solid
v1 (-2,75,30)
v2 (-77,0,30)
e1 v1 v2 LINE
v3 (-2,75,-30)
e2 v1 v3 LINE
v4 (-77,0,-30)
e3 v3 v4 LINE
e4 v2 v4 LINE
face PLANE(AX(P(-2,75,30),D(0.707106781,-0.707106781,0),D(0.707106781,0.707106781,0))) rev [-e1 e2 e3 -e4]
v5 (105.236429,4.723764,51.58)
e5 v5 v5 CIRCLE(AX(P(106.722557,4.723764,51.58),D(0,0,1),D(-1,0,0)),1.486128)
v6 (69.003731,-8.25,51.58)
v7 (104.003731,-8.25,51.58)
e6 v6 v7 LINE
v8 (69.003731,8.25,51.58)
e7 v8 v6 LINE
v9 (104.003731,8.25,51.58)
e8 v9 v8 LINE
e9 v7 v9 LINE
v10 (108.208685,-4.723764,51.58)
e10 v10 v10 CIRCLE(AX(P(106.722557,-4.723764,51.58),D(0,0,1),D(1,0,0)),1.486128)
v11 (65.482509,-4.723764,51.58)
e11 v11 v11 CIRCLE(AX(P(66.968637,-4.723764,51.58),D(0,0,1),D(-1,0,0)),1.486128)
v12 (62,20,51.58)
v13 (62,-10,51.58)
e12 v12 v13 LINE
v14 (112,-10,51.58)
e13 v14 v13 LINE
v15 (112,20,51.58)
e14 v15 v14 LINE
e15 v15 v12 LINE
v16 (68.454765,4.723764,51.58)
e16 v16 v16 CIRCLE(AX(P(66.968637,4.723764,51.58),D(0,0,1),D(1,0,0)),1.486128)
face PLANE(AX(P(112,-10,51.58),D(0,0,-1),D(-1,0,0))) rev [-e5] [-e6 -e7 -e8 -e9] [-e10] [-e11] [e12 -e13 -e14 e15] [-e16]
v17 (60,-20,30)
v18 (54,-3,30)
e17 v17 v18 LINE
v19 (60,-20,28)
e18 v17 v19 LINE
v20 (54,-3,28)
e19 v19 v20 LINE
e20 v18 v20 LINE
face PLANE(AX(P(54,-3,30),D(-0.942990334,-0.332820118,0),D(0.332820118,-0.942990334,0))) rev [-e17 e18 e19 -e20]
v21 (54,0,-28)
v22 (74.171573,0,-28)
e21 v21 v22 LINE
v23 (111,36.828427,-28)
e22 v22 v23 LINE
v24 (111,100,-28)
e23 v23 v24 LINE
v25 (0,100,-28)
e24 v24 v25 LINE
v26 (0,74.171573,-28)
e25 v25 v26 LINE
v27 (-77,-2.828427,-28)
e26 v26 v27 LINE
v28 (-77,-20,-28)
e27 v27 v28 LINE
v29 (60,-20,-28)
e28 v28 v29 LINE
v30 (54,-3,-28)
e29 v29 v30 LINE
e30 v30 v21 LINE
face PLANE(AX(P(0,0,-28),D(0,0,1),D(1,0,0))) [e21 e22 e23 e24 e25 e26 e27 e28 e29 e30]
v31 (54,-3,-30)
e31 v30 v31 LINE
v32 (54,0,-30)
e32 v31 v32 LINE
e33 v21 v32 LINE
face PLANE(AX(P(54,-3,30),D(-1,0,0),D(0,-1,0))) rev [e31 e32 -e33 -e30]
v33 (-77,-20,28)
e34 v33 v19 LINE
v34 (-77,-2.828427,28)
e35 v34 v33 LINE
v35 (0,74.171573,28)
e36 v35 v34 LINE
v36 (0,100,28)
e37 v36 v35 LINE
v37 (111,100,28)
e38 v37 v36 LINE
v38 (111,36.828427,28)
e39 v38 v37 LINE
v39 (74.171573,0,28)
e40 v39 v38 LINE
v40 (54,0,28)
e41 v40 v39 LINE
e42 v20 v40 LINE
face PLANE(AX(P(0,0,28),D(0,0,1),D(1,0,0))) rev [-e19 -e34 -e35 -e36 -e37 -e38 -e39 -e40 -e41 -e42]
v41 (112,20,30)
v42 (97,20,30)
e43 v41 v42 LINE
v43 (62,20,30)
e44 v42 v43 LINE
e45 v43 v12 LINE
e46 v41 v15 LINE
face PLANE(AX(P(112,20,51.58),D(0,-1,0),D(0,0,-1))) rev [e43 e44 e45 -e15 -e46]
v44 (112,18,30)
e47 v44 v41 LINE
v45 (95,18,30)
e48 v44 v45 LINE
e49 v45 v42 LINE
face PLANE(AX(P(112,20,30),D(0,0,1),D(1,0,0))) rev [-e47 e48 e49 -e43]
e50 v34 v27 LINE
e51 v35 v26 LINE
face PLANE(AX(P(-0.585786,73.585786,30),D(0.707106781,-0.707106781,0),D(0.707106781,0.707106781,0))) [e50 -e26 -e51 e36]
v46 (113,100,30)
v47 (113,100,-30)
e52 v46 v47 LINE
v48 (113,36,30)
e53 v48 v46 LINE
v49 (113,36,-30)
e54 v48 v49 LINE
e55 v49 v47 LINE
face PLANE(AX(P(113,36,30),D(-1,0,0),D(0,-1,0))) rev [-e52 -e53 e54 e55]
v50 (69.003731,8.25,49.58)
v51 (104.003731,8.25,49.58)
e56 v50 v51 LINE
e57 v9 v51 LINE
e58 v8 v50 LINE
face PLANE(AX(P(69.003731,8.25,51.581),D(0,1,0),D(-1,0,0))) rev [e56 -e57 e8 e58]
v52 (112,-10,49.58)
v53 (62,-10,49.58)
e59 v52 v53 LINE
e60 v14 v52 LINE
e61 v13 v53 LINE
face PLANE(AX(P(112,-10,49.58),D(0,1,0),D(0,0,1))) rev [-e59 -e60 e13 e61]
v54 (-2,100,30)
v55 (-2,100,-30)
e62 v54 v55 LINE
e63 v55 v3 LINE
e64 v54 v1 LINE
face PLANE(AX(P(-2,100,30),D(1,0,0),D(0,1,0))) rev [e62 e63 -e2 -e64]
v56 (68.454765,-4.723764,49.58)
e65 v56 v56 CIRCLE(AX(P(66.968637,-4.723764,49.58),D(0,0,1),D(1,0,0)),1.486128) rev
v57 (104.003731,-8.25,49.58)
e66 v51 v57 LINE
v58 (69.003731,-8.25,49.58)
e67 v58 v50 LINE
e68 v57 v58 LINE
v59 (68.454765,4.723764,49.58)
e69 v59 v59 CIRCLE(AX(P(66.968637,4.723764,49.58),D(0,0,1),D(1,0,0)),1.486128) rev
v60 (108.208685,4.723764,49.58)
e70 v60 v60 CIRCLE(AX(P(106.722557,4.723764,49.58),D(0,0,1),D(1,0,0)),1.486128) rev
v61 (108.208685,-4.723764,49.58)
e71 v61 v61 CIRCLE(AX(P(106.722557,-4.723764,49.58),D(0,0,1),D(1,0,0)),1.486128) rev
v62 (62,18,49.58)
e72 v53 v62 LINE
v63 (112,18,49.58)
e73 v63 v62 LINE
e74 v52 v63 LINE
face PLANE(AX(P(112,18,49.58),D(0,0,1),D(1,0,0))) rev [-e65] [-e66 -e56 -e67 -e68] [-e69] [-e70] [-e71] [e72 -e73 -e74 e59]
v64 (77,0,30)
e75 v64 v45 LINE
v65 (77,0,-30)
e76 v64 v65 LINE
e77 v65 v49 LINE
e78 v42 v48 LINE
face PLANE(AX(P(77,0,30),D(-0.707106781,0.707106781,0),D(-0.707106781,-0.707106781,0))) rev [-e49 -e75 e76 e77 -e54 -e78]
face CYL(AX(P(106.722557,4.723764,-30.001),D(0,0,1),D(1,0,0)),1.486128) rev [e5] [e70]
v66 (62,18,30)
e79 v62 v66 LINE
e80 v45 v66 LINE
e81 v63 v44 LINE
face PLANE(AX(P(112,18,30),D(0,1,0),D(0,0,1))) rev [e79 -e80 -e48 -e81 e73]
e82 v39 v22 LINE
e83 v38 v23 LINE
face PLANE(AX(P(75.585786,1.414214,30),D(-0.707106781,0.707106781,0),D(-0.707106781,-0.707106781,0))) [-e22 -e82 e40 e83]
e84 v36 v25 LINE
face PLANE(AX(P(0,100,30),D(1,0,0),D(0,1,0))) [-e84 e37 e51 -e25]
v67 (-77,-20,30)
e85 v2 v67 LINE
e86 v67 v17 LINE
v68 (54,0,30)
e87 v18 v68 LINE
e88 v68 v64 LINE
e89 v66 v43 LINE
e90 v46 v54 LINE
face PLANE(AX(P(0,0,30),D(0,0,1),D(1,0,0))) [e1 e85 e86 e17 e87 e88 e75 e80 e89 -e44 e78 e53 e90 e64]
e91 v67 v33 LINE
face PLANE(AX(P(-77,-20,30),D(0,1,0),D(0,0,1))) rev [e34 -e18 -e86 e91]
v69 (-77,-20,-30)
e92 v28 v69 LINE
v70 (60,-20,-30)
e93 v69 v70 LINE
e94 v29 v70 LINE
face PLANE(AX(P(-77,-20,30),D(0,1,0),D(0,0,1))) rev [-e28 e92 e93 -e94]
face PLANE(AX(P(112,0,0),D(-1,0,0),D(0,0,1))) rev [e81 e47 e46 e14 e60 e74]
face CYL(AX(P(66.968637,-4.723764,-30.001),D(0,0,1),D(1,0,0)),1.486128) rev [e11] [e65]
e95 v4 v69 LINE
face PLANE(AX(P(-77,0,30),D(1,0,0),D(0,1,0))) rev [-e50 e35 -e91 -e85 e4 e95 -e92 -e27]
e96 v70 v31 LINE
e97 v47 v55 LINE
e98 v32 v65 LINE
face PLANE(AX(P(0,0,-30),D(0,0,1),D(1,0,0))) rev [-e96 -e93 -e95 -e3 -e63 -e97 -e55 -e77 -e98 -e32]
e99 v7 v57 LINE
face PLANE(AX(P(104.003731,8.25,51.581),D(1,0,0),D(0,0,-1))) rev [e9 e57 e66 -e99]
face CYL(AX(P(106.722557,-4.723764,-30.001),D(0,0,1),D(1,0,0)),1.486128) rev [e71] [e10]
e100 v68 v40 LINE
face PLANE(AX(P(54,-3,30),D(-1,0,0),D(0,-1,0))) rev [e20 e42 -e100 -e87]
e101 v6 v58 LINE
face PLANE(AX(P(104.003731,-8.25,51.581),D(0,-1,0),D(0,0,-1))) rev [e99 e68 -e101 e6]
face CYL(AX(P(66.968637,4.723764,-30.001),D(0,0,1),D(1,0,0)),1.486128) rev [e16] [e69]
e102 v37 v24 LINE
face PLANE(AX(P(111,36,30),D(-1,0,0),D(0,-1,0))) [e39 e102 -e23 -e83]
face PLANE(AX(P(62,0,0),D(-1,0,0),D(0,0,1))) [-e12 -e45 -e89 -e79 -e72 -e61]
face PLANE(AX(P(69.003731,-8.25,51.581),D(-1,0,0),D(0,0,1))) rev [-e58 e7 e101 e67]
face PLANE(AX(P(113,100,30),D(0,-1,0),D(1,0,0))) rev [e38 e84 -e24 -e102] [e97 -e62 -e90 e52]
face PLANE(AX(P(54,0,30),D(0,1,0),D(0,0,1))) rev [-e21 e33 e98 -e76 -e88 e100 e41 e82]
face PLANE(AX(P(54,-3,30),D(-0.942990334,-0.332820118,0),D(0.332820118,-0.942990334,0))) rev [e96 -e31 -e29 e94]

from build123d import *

# Parameters (mm, degrees)
BOSS_EXTRUDE3_DEPTH = 30
SHELL1_T            = -2
BOSS_EXTRUDE2_DEPTH = 25
CUT_EXTRUDE1_REACH  = 172.593
SKETCH5_W           = 35
SKETCH5_H           = 16.5
CUT_EXTRUDE2_REACH  = 173.535
SKETCH6_R           = 1.486127865


with BuildPart() as part:
    # Sketch8 → Boss-Extrude3 (new, symmetric)
    with BuildSketch(Plane.XY):
        Polygon((77, 0), (113, 36), (113, 100), (-2, 100), (-2, 75), (-77, 0), (-77, -20), (60, -20), (54, -3), (54, 0), align=None)
    extrude(amount=BOSS_EXTRUDE3_DEPTH, both=True)

    # Shell1
    shell1_openings = [part.faces().sort_by_distance(p)[0] for p in [
        (54, -1.5, 0),
        (57, -11.5, 0),
        (-8.5, -20, 0),
        (-77, -10, 0),
        (55.5, 100, 0),
        (65.5, 0, 0),
    ]]
    offset(amount=SHELL1_T, openings=shell1_openings, kind=Kind.INTERSECTION)

    # Sketch4 → Boss-Extrude2 (add, symmetric)
    with BuildSketch(Plane(origin=(87, 0, 0), x_dir=(0, 0, -1), z_dir=(1, 0, 0))):
        Polygon((-30, 20), (-30, 18), (-49.58, 18), (-49.58, -10), (-51.58, -10), (-51.58, 20), align=None)
    extrude(amount=BOSS_EXTRUDE2_DEPTH, both=True)

    # Sketch5 → Cut-Extrude1 (cut, up to next)
    with BuildSketch(Plane(origin=(0, 0, 49.58), x_dir=(-1, 0, 0), z_dir=(0, 0, -1)), mode=Mode.PRIVATE) as cut_extrude1_sk1:
        with Locations((-86.503731014, 0)):
            Rectangle(SKETCH5_W, SKETCH5_H)
    cut_extrude1_tool1 = extrude(cut_extrude1_sk1.sketch, amount=-CUT_EXTRUDE1_REACH, mode=Mode.PRIVATE) & part.part
    add(cut_extrude1_tool1.solids().sort_by_distance((86.503731, 0, 49.58))[0], mode=Mode.SUBTRACT)

    # Sketch6 → Cut-Extrude2 (cut, up to next)
    with BuildSketch(Plane.XY.offset(51.58), mode=Mode.PRIVATE) as cut_extrude2_sk1:
        with Locations((66.968636912, 4.723763571)):
            Circle(SKETCH6_R)
    cut_extrude2_tool1 = extrude(cut_extrude2_sk1.sketch, amount=-CUT_EXTRUDE2_REACH, mode=Mode.PRIVATE) & part.part
    # Sketch6 → Cut-Extrude2 (cut, up to next)
    with BuildSketch(Plane.XY.offset(51.58), mode=Mode.PRIVATE) as cut_extrude2_sk2:
        with Locations((106.722557298, 4.723763571)):
            Circle(SKETCH6_R)
    cut_extrude2_tool2 = extrude(cut_extrude2_sk2.sketch, amount=-CUT_EXTRUDE2_REACH, mode=Mode.PRIVATE) & part.part
    # Sketch6 → Cut-Extrude2 (cut, up to next)
    with BuildSketch(Plane.XY.offset(51.58), mode=Mode.PRIVATE) as cut_extrude2_sk3:
        with Locations((106.722557298, -4.723763571)):
            Circle(SKETCH6_R)
    cut_extrude2_tool3 = extrude(cut_extrude2_sk3.sketch, amount=-CUT_EXTRUDE2_REACH, mode=Mode.PRIVATE) & part.part
    # Sketch6 → Cut-Extrude2 (cut, up to next)
    with BuildSketch(Plane.XY.offset(51.58), mode=Mode.PRIVATE) as cut_extrude2_sk4:
        with Locations((66.968636912, -4.723763571)):
            Circle(SKETCH6_R)
    cut_extrude2_tool4 = extrude(cut_extrude2_sk4.sketch, amount=-CUT_EXTRUDE2_REACH, mode=Mode.PRIVATE) & part.part
    add(cut_extrude2_tool1.solids().sort_by_distance((66.968637, 4.723764, 51.58))[0], mode=Mode.SUBTRACT)
    add(cut_extrude2_tool2.solids().sort_by_distance((106.722557, 4.723764, 51.58))[0], mode=Mode.SUBTRACT)
    add(cut_extrude2_tool3.solids().sort_by_distance((106.722557, -4.723764, 51.58))[0], mode=Mode.SUBTRACT)
    add(cut_extrude2_tool4.solids().sort_by_distance((66.968637, -4.723764, 51.58))[0], mode=Mode.SUBTRACT)


solid = part.part
